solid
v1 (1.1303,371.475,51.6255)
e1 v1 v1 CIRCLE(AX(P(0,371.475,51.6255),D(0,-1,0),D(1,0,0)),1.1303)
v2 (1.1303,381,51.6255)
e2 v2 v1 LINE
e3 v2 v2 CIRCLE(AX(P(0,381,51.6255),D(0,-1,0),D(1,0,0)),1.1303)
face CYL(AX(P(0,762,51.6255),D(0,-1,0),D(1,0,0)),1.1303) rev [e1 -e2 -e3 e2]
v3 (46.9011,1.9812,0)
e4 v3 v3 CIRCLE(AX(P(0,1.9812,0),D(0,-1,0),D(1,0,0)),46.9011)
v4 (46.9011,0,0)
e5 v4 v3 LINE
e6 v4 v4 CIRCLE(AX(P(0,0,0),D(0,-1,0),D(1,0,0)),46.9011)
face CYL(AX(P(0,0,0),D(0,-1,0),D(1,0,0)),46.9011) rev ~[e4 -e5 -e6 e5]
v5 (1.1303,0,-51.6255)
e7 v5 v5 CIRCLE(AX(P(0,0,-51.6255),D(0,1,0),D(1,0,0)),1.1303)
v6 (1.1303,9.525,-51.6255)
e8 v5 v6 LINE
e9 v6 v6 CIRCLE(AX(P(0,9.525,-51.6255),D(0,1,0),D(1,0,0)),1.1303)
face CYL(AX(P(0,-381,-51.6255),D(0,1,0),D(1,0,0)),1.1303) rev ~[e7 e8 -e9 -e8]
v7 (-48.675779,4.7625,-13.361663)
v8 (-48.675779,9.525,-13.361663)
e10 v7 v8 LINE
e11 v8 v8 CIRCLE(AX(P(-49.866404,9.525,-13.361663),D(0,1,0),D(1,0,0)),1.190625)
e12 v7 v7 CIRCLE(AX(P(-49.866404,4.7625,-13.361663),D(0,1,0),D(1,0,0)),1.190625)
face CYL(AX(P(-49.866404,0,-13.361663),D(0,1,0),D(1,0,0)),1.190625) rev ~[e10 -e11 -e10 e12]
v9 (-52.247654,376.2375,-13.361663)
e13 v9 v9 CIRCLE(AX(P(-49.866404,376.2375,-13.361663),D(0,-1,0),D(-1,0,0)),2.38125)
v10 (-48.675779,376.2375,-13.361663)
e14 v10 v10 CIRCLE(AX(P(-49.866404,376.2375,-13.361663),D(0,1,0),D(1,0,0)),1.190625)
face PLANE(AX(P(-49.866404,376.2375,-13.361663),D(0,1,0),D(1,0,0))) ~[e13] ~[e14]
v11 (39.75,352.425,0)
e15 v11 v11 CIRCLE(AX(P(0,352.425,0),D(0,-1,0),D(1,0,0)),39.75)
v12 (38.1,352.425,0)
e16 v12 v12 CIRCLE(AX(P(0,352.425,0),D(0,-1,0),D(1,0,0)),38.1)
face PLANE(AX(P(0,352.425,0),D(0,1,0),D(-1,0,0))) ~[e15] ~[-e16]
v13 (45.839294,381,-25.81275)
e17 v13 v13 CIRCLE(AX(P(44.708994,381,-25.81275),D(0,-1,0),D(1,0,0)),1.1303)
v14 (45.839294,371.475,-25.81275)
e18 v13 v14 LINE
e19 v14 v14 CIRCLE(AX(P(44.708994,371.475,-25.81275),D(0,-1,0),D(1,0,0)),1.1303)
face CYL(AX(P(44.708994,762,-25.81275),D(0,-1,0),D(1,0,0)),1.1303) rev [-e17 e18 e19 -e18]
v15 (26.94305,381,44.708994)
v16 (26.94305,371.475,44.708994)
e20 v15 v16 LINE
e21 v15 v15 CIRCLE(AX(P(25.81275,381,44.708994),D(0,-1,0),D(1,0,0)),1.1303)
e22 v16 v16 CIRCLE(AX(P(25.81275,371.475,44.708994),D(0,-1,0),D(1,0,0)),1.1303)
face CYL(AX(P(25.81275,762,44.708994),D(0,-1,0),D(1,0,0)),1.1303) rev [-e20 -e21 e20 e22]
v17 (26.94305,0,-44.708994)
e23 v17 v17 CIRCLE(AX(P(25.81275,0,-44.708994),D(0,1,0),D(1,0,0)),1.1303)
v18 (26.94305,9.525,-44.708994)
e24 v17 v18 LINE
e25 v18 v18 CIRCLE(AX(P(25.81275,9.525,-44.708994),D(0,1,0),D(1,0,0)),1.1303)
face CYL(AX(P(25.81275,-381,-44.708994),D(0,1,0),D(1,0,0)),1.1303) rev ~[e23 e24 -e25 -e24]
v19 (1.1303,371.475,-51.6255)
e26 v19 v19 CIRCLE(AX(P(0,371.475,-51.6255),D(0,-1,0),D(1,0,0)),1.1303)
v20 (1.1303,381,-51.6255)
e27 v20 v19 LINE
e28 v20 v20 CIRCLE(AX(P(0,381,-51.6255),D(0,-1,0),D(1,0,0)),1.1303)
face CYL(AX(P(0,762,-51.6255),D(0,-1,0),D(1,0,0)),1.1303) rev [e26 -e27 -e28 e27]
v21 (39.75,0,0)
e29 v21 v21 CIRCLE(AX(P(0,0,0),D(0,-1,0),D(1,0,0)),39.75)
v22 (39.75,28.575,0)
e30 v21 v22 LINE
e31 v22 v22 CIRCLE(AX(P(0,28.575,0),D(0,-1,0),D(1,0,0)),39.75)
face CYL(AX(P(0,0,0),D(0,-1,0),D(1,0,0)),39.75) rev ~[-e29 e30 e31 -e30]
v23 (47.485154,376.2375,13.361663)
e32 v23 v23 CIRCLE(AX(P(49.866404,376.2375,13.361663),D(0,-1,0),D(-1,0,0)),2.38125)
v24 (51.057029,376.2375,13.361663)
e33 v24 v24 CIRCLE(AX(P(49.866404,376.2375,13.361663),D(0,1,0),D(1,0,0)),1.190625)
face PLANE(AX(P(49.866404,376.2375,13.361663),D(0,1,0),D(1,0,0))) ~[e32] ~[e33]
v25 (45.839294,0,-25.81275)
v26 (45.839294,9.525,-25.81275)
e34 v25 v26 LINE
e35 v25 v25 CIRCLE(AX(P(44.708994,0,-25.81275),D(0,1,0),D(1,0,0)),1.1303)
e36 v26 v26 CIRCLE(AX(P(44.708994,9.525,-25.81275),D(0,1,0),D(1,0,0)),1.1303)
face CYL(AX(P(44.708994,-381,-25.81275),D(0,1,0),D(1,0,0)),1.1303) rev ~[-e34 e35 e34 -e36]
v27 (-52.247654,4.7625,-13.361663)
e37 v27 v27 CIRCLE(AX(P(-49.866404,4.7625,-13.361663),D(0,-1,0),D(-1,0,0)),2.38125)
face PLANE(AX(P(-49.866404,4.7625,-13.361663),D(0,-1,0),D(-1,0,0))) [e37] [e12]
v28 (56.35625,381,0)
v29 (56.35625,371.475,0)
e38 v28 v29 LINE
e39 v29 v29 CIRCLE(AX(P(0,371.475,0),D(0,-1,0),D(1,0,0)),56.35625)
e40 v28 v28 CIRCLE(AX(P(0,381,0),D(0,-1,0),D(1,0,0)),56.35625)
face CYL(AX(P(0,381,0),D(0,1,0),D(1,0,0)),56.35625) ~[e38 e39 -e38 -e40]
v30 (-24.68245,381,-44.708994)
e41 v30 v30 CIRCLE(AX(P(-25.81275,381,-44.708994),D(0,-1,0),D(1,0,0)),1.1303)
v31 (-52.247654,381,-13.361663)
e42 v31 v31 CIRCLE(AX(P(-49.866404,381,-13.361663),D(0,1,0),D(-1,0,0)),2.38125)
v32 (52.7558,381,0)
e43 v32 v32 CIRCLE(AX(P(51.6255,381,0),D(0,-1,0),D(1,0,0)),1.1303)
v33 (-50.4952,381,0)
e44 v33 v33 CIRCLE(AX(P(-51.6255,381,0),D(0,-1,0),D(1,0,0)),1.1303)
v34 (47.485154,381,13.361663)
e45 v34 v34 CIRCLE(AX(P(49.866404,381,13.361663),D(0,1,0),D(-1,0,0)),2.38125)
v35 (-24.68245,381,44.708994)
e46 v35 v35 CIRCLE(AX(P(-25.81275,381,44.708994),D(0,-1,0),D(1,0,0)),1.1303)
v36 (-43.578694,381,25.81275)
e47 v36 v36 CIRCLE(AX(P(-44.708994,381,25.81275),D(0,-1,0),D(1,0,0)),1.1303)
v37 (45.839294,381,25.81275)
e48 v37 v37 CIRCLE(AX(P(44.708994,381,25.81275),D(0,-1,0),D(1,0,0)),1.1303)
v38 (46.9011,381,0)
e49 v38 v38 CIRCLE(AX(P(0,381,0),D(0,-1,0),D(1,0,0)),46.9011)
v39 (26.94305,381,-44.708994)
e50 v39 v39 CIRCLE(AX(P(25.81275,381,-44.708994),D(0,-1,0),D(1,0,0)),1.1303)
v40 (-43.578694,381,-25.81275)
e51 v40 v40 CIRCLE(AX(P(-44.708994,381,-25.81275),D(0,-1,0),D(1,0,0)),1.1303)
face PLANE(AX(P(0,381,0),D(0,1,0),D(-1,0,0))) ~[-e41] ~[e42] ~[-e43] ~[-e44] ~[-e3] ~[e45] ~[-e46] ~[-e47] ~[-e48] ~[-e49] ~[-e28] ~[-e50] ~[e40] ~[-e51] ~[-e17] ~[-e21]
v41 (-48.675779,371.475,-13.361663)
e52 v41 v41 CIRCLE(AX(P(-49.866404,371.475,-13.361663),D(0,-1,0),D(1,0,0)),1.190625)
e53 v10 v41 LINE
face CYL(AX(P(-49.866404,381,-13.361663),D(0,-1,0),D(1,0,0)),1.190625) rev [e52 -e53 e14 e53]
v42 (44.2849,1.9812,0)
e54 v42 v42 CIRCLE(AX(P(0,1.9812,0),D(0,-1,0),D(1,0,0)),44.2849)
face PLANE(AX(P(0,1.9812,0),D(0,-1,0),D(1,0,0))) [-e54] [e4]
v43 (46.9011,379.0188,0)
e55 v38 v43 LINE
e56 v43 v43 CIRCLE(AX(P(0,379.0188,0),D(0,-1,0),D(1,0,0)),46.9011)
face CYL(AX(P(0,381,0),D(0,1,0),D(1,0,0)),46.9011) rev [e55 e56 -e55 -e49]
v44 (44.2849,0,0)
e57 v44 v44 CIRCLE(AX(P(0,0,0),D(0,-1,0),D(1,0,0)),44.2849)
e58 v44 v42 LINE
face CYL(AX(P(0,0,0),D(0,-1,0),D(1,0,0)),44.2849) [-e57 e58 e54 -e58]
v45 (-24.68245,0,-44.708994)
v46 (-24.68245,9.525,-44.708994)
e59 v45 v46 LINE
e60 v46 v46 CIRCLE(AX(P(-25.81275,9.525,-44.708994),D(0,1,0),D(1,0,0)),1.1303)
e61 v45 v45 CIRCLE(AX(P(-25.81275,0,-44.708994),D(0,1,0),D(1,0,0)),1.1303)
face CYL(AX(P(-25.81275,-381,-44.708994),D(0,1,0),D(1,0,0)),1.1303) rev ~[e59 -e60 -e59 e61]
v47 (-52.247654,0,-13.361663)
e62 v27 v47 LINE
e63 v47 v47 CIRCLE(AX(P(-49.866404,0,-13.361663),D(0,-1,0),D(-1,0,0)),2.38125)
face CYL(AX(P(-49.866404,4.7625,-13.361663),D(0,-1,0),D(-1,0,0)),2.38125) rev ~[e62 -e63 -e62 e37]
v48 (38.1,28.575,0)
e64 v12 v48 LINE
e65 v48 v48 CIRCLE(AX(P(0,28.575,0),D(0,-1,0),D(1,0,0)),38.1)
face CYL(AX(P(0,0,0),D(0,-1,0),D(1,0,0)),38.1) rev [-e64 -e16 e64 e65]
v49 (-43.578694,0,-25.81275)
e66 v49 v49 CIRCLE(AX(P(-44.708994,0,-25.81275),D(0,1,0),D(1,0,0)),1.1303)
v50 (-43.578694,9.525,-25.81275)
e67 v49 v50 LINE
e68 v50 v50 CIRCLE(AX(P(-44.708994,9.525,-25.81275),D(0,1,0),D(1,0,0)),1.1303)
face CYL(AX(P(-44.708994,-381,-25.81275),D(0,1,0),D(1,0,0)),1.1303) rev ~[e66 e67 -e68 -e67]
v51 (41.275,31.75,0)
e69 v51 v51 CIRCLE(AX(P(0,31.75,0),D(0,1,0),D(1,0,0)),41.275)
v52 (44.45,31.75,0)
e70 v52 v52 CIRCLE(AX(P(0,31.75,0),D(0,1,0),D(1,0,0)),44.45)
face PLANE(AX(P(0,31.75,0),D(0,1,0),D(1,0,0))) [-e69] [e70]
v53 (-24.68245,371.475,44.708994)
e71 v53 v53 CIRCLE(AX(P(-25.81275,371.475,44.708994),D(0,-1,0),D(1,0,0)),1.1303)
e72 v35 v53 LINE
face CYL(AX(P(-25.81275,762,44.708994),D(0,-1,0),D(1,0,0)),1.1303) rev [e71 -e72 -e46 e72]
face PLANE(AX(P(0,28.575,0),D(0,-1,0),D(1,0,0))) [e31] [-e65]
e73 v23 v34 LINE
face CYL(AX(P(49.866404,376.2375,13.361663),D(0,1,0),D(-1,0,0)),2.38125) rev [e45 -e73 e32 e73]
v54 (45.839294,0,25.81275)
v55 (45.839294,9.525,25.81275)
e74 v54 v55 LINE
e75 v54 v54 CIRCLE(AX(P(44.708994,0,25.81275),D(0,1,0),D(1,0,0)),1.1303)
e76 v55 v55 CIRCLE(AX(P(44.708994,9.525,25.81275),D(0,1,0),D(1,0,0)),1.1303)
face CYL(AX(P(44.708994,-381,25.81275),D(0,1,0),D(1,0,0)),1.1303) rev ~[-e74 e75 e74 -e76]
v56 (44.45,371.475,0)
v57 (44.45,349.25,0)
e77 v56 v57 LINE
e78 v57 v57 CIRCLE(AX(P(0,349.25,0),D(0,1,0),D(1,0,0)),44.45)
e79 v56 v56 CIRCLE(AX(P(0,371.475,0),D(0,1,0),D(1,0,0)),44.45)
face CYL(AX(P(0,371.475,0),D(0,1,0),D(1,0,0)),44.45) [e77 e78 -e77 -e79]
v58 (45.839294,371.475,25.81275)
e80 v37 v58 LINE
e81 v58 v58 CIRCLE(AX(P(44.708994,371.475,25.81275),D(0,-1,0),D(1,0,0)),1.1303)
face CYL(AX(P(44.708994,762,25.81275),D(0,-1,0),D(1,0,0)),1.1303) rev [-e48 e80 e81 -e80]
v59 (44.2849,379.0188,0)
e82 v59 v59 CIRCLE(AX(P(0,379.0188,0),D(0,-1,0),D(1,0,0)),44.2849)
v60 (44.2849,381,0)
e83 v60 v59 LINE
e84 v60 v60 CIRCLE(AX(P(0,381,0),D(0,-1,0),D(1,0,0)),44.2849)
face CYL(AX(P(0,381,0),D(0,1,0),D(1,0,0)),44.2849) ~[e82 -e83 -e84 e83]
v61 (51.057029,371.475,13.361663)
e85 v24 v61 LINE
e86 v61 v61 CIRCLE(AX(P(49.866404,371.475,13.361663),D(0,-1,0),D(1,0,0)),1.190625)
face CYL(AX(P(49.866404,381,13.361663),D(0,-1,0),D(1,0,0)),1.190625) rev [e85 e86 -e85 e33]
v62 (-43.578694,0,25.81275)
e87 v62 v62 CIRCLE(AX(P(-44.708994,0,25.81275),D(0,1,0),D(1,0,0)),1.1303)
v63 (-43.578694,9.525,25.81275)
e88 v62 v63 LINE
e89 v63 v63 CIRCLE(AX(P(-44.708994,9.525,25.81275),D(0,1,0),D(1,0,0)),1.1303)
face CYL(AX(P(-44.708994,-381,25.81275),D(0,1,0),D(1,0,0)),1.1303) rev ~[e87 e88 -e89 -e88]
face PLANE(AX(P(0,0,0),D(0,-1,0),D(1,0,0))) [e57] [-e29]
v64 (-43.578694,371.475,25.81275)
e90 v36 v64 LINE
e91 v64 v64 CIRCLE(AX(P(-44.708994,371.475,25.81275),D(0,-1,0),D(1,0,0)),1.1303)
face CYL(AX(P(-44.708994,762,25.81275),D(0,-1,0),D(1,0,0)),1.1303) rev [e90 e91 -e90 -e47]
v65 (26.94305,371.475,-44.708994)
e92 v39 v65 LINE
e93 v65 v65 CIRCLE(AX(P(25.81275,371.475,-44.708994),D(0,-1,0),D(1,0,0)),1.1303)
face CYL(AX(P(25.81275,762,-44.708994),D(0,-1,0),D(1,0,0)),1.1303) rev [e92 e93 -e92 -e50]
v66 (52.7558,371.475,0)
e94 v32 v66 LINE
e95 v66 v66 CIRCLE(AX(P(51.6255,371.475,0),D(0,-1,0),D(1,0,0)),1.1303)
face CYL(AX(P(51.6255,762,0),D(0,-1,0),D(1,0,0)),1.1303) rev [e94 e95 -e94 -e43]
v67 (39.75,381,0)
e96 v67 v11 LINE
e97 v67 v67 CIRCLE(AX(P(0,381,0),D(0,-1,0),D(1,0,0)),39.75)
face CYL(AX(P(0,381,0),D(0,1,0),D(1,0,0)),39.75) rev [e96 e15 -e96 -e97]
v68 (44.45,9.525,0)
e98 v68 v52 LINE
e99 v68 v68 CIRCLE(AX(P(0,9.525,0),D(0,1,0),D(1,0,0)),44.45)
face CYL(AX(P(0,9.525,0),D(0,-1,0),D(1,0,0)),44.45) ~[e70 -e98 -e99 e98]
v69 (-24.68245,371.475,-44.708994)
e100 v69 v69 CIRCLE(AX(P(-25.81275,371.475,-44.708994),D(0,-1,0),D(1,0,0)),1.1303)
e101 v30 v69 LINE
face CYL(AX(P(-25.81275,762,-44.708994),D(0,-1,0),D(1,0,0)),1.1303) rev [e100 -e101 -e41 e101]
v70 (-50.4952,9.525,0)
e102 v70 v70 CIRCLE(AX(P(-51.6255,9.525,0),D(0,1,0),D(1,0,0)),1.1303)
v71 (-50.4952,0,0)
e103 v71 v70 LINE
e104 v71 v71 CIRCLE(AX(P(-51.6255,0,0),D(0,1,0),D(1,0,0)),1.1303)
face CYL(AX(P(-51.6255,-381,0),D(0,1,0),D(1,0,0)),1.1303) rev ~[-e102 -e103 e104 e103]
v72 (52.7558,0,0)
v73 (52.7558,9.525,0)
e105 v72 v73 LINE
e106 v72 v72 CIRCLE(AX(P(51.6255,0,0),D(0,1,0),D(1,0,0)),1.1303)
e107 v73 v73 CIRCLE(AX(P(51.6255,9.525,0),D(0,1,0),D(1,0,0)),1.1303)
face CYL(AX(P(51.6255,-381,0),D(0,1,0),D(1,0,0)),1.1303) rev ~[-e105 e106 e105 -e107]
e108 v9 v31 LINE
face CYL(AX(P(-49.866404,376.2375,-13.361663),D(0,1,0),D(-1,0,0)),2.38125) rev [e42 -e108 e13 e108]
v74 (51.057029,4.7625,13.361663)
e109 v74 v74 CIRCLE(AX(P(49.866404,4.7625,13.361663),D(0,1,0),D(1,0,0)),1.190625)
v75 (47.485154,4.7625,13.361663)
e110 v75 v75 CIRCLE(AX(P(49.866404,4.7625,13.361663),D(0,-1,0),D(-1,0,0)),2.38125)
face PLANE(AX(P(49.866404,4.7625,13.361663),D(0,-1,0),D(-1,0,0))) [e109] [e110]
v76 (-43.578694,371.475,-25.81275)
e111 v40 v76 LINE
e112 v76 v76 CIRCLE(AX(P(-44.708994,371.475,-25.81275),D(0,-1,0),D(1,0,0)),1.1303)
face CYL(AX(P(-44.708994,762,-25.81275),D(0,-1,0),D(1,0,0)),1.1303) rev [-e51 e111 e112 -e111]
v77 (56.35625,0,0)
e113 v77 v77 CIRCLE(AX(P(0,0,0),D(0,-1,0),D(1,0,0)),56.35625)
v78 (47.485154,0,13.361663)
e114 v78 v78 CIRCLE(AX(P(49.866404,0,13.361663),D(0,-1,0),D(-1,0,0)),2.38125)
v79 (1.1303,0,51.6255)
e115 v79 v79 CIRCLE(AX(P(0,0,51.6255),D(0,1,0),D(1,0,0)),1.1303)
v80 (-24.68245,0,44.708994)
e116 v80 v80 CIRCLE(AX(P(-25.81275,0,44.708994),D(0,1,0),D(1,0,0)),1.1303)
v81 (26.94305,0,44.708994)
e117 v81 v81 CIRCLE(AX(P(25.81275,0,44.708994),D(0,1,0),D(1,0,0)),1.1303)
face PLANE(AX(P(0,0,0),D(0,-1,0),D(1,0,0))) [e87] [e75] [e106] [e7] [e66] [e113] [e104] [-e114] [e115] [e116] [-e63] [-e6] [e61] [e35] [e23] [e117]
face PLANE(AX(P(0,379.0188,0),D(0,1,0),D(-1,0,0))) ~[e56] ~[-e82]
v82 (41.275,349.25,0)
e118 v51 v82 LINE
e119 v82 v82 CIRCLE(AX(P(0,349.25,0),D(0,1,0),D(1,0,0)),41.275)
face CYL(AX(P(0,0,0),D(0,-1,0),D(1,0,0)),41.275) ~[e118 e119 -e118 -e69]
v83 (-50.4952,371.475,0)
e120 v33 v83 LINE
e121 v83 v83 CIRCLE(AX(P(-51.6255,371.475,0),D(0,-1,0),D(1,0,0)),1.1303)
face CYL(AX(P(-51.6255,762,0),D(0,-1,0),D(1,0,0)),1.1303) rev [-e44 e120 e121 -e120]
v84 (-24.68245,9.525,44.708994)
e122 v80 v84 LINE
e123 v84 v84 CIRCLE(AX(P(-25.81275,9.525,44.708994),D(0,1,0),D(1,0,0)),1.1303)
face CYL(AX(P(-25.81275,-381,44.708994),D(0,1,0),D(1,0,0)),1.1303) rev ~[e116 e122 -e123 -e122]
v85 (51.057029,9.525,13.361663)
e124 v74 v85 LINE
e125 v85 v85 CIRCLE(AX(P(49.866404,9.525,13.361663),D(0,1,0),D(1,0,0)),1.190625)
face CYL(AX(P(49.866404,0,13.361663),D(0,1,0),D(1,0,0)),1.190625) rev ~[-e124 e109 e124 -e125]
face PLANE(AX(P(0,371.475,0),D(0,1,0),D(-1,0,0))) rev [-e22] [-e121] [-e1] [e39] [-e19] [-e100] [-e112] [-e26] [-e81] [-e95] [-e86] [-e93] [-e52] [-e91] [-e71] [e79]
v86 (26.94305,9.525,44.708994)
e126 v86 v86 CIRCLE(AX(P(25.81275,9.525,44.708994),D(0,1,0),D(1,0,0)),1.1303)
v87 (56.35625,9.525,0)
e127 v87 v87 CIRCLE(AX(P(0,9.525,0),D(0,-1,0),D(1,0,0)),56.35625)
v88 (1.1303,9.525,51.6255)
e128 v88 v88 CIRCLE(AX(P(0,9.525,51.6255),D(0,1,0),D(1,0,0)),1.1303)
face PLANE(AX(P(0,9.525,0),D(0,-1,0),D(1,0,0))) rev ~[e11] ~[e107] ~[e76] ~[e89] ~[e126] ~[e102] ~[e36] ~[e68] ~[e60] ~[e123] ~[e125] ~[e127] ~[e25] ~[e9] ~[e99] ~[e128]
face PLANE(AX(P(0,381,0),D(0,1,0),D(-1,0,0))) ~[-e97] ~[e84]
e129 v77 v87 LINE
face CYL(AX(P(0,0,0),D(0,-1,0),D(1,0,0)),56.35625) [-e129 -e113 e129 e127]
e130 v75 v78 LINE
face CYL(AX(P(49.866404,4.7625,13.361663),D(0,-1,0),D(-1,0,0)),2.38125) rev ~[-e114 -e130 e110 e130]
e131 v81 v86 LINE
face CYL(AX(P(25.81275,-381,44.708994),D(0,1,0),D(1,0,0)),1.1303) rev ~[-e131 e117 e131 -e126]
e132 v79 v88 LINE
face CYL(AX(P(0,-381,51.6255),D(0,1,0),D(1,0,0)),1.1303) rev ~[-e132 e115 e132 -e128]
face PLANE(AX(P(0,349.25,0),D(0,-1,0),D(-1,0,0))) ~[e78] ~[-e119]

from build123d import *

# Parameters (mm, degrees)
SKETCH2_R               = 41.275
SKETCH2_R_2             = 38.1
BASE_CYLINDER_DEPTH     = 381
SKETCH3_R               = 56.35625
SKETCH3_R_2             = 38.1
AFT_FLANGE_DEPTH        = 9.525
SKETCH34_R              = 39.75
TEMPERATUREINSERT_DEPTH = 28.575
SKETCH6_R               = 46.9011
SKETCH6_R_2             = 44.2849
AFT_O_RING_DEPTH        = 1.9812
SKETCH33_R              = 44.45
SKETCH33_R_2            = 41.275
CRITICALBOSS_DEPTH      = 22.225
BOLT_CIRCLE_D           = 2.2606
BOLT_CIRCLE_DEPTH       = 381
HOLE1_D                 = 2.38125
HOLE1_DEPTH             = 381
HOLE1_CBORE_D           = 4.7625
HOLE1_CBORE_DEPTH       = 4.7625


with BuildPart() as part:
    # Sketch2 → Base Cylinder (new body)
    with BuildSketch(Plane(origin=(0, 0, 0), x_dir=(1, 0, 0), z_dir=(0, 1, 0))):
        Circle(SKETCH2_R)
        Circle(SKETCH2_R_2, mode=Mode.SUBTRACT)
    extrude(amount=BASE_CYLINDER_DEPTH)

    # Sketch3 → Aft Flange (add)
    with BuildSketch(Plane.XZ):
        Circle(SKETCH3_R)
        Circle(SKETCH3_R_2, mode=Mode.SUBTRACT)
    aft_flange = extrude(amount=-AFT_FLANGE_DEPTH)

    # Sketch34 → TemperatureInsert (cut)
    with BuildSketch(Plane.XZ):
        Circle(SKETCH34_R)
    temperatureinsert = extrude(amount=-TEMPERATUREINSERT_DEPTH, mode=Mode.SUBTRACT)

    # Sketch6 → Aft O-Ring (cut)
    with BuildSketch(Plane.XZ):
        Circle(SKETCH6_R)
        Circle(SKETCH6_R_2, mode=Mode.SUBTRACT)
    aft_o_ring = extrude(amount=-AFT_O_RING_DEPTH, mode=Mode.SUBTRACT)

    # Sketch33 → CriticalBoss (add)
    with BuildSketch(Plane(origin=(0, 9.525, 0), x_dir=(1, 0, 0), z_dir=(0, 1, 0))):
        Circle(SKETCH33_R)
        Circle(SKETCH33_R_2, mode=Mode.SUBTRACT)
    criticalboss = extrude(amount=CRITICALBOSS_DEPTH)

    # Bolt Circle
    with Locations(Plane(origin=(0, 0, 0), x_dir=(-1, 0, 0), z_dir=(0, -1, 0))):
        with Locations((-25.81275, -44.708994483), (-44.708994483, -25.81275), (-51.6255, 0), (-44.708994483, 25.81275), (-25.81275, 44.708994483), (0, 51.6255), (25.81275, 44.708994483), (44.708994483, 25.81275), (51.6255, 0), (44.708994483, -25.81275), (25.81275, -44.708994483), (0, -51.6255)):
            bolt_circle = Hole(BOLT_CIRCLE_D / 2, depth=BOLT_CIRCLE_DEPTH)

    # Hole1
    with Locations(Plane(origin=(0, 0, 0), x_dir=(-1, 0, 0), z_dir=(0, -1, 0))):
        with Locations((49.866403745, 13.361662613), (-49.866403745, -13.361662613)):
            hole1 = CounterBoreHole(HOLE1_D / 2, HOLE1_CBORE_D / 2, HOLE1_CBORE_DEPTH, depth=HOLE1_DEPTH)

    # Mirror1: Aft Flange, TemperatureInsert, Aft O-Ring, CriticalBoss, Bolt Circle, Hole1 across plane
    add(aft_flange.mirror(Plane.ZX.offset(190.5)))
    add(temperatureinsert.mirror(Plane.ZX.offset(190.5)), mode=Mode.SUBTRACT)
    add(aft_o_ring.mirror(Plane.ZX.offset(190.5)), mode=Mode.SUBTRACT)
    add(criticalboss.mirror(Plane.ZX.offset(190.5)))
    add(bolt_circle.mirror(Plane.ZX.offset(190.5)), mode=Mode.SUBTRACT)
    add(hole1.mirror(Plane.ZX.offset(190.5)), mode=Mode.SUBTRACT)


solid = part.part
